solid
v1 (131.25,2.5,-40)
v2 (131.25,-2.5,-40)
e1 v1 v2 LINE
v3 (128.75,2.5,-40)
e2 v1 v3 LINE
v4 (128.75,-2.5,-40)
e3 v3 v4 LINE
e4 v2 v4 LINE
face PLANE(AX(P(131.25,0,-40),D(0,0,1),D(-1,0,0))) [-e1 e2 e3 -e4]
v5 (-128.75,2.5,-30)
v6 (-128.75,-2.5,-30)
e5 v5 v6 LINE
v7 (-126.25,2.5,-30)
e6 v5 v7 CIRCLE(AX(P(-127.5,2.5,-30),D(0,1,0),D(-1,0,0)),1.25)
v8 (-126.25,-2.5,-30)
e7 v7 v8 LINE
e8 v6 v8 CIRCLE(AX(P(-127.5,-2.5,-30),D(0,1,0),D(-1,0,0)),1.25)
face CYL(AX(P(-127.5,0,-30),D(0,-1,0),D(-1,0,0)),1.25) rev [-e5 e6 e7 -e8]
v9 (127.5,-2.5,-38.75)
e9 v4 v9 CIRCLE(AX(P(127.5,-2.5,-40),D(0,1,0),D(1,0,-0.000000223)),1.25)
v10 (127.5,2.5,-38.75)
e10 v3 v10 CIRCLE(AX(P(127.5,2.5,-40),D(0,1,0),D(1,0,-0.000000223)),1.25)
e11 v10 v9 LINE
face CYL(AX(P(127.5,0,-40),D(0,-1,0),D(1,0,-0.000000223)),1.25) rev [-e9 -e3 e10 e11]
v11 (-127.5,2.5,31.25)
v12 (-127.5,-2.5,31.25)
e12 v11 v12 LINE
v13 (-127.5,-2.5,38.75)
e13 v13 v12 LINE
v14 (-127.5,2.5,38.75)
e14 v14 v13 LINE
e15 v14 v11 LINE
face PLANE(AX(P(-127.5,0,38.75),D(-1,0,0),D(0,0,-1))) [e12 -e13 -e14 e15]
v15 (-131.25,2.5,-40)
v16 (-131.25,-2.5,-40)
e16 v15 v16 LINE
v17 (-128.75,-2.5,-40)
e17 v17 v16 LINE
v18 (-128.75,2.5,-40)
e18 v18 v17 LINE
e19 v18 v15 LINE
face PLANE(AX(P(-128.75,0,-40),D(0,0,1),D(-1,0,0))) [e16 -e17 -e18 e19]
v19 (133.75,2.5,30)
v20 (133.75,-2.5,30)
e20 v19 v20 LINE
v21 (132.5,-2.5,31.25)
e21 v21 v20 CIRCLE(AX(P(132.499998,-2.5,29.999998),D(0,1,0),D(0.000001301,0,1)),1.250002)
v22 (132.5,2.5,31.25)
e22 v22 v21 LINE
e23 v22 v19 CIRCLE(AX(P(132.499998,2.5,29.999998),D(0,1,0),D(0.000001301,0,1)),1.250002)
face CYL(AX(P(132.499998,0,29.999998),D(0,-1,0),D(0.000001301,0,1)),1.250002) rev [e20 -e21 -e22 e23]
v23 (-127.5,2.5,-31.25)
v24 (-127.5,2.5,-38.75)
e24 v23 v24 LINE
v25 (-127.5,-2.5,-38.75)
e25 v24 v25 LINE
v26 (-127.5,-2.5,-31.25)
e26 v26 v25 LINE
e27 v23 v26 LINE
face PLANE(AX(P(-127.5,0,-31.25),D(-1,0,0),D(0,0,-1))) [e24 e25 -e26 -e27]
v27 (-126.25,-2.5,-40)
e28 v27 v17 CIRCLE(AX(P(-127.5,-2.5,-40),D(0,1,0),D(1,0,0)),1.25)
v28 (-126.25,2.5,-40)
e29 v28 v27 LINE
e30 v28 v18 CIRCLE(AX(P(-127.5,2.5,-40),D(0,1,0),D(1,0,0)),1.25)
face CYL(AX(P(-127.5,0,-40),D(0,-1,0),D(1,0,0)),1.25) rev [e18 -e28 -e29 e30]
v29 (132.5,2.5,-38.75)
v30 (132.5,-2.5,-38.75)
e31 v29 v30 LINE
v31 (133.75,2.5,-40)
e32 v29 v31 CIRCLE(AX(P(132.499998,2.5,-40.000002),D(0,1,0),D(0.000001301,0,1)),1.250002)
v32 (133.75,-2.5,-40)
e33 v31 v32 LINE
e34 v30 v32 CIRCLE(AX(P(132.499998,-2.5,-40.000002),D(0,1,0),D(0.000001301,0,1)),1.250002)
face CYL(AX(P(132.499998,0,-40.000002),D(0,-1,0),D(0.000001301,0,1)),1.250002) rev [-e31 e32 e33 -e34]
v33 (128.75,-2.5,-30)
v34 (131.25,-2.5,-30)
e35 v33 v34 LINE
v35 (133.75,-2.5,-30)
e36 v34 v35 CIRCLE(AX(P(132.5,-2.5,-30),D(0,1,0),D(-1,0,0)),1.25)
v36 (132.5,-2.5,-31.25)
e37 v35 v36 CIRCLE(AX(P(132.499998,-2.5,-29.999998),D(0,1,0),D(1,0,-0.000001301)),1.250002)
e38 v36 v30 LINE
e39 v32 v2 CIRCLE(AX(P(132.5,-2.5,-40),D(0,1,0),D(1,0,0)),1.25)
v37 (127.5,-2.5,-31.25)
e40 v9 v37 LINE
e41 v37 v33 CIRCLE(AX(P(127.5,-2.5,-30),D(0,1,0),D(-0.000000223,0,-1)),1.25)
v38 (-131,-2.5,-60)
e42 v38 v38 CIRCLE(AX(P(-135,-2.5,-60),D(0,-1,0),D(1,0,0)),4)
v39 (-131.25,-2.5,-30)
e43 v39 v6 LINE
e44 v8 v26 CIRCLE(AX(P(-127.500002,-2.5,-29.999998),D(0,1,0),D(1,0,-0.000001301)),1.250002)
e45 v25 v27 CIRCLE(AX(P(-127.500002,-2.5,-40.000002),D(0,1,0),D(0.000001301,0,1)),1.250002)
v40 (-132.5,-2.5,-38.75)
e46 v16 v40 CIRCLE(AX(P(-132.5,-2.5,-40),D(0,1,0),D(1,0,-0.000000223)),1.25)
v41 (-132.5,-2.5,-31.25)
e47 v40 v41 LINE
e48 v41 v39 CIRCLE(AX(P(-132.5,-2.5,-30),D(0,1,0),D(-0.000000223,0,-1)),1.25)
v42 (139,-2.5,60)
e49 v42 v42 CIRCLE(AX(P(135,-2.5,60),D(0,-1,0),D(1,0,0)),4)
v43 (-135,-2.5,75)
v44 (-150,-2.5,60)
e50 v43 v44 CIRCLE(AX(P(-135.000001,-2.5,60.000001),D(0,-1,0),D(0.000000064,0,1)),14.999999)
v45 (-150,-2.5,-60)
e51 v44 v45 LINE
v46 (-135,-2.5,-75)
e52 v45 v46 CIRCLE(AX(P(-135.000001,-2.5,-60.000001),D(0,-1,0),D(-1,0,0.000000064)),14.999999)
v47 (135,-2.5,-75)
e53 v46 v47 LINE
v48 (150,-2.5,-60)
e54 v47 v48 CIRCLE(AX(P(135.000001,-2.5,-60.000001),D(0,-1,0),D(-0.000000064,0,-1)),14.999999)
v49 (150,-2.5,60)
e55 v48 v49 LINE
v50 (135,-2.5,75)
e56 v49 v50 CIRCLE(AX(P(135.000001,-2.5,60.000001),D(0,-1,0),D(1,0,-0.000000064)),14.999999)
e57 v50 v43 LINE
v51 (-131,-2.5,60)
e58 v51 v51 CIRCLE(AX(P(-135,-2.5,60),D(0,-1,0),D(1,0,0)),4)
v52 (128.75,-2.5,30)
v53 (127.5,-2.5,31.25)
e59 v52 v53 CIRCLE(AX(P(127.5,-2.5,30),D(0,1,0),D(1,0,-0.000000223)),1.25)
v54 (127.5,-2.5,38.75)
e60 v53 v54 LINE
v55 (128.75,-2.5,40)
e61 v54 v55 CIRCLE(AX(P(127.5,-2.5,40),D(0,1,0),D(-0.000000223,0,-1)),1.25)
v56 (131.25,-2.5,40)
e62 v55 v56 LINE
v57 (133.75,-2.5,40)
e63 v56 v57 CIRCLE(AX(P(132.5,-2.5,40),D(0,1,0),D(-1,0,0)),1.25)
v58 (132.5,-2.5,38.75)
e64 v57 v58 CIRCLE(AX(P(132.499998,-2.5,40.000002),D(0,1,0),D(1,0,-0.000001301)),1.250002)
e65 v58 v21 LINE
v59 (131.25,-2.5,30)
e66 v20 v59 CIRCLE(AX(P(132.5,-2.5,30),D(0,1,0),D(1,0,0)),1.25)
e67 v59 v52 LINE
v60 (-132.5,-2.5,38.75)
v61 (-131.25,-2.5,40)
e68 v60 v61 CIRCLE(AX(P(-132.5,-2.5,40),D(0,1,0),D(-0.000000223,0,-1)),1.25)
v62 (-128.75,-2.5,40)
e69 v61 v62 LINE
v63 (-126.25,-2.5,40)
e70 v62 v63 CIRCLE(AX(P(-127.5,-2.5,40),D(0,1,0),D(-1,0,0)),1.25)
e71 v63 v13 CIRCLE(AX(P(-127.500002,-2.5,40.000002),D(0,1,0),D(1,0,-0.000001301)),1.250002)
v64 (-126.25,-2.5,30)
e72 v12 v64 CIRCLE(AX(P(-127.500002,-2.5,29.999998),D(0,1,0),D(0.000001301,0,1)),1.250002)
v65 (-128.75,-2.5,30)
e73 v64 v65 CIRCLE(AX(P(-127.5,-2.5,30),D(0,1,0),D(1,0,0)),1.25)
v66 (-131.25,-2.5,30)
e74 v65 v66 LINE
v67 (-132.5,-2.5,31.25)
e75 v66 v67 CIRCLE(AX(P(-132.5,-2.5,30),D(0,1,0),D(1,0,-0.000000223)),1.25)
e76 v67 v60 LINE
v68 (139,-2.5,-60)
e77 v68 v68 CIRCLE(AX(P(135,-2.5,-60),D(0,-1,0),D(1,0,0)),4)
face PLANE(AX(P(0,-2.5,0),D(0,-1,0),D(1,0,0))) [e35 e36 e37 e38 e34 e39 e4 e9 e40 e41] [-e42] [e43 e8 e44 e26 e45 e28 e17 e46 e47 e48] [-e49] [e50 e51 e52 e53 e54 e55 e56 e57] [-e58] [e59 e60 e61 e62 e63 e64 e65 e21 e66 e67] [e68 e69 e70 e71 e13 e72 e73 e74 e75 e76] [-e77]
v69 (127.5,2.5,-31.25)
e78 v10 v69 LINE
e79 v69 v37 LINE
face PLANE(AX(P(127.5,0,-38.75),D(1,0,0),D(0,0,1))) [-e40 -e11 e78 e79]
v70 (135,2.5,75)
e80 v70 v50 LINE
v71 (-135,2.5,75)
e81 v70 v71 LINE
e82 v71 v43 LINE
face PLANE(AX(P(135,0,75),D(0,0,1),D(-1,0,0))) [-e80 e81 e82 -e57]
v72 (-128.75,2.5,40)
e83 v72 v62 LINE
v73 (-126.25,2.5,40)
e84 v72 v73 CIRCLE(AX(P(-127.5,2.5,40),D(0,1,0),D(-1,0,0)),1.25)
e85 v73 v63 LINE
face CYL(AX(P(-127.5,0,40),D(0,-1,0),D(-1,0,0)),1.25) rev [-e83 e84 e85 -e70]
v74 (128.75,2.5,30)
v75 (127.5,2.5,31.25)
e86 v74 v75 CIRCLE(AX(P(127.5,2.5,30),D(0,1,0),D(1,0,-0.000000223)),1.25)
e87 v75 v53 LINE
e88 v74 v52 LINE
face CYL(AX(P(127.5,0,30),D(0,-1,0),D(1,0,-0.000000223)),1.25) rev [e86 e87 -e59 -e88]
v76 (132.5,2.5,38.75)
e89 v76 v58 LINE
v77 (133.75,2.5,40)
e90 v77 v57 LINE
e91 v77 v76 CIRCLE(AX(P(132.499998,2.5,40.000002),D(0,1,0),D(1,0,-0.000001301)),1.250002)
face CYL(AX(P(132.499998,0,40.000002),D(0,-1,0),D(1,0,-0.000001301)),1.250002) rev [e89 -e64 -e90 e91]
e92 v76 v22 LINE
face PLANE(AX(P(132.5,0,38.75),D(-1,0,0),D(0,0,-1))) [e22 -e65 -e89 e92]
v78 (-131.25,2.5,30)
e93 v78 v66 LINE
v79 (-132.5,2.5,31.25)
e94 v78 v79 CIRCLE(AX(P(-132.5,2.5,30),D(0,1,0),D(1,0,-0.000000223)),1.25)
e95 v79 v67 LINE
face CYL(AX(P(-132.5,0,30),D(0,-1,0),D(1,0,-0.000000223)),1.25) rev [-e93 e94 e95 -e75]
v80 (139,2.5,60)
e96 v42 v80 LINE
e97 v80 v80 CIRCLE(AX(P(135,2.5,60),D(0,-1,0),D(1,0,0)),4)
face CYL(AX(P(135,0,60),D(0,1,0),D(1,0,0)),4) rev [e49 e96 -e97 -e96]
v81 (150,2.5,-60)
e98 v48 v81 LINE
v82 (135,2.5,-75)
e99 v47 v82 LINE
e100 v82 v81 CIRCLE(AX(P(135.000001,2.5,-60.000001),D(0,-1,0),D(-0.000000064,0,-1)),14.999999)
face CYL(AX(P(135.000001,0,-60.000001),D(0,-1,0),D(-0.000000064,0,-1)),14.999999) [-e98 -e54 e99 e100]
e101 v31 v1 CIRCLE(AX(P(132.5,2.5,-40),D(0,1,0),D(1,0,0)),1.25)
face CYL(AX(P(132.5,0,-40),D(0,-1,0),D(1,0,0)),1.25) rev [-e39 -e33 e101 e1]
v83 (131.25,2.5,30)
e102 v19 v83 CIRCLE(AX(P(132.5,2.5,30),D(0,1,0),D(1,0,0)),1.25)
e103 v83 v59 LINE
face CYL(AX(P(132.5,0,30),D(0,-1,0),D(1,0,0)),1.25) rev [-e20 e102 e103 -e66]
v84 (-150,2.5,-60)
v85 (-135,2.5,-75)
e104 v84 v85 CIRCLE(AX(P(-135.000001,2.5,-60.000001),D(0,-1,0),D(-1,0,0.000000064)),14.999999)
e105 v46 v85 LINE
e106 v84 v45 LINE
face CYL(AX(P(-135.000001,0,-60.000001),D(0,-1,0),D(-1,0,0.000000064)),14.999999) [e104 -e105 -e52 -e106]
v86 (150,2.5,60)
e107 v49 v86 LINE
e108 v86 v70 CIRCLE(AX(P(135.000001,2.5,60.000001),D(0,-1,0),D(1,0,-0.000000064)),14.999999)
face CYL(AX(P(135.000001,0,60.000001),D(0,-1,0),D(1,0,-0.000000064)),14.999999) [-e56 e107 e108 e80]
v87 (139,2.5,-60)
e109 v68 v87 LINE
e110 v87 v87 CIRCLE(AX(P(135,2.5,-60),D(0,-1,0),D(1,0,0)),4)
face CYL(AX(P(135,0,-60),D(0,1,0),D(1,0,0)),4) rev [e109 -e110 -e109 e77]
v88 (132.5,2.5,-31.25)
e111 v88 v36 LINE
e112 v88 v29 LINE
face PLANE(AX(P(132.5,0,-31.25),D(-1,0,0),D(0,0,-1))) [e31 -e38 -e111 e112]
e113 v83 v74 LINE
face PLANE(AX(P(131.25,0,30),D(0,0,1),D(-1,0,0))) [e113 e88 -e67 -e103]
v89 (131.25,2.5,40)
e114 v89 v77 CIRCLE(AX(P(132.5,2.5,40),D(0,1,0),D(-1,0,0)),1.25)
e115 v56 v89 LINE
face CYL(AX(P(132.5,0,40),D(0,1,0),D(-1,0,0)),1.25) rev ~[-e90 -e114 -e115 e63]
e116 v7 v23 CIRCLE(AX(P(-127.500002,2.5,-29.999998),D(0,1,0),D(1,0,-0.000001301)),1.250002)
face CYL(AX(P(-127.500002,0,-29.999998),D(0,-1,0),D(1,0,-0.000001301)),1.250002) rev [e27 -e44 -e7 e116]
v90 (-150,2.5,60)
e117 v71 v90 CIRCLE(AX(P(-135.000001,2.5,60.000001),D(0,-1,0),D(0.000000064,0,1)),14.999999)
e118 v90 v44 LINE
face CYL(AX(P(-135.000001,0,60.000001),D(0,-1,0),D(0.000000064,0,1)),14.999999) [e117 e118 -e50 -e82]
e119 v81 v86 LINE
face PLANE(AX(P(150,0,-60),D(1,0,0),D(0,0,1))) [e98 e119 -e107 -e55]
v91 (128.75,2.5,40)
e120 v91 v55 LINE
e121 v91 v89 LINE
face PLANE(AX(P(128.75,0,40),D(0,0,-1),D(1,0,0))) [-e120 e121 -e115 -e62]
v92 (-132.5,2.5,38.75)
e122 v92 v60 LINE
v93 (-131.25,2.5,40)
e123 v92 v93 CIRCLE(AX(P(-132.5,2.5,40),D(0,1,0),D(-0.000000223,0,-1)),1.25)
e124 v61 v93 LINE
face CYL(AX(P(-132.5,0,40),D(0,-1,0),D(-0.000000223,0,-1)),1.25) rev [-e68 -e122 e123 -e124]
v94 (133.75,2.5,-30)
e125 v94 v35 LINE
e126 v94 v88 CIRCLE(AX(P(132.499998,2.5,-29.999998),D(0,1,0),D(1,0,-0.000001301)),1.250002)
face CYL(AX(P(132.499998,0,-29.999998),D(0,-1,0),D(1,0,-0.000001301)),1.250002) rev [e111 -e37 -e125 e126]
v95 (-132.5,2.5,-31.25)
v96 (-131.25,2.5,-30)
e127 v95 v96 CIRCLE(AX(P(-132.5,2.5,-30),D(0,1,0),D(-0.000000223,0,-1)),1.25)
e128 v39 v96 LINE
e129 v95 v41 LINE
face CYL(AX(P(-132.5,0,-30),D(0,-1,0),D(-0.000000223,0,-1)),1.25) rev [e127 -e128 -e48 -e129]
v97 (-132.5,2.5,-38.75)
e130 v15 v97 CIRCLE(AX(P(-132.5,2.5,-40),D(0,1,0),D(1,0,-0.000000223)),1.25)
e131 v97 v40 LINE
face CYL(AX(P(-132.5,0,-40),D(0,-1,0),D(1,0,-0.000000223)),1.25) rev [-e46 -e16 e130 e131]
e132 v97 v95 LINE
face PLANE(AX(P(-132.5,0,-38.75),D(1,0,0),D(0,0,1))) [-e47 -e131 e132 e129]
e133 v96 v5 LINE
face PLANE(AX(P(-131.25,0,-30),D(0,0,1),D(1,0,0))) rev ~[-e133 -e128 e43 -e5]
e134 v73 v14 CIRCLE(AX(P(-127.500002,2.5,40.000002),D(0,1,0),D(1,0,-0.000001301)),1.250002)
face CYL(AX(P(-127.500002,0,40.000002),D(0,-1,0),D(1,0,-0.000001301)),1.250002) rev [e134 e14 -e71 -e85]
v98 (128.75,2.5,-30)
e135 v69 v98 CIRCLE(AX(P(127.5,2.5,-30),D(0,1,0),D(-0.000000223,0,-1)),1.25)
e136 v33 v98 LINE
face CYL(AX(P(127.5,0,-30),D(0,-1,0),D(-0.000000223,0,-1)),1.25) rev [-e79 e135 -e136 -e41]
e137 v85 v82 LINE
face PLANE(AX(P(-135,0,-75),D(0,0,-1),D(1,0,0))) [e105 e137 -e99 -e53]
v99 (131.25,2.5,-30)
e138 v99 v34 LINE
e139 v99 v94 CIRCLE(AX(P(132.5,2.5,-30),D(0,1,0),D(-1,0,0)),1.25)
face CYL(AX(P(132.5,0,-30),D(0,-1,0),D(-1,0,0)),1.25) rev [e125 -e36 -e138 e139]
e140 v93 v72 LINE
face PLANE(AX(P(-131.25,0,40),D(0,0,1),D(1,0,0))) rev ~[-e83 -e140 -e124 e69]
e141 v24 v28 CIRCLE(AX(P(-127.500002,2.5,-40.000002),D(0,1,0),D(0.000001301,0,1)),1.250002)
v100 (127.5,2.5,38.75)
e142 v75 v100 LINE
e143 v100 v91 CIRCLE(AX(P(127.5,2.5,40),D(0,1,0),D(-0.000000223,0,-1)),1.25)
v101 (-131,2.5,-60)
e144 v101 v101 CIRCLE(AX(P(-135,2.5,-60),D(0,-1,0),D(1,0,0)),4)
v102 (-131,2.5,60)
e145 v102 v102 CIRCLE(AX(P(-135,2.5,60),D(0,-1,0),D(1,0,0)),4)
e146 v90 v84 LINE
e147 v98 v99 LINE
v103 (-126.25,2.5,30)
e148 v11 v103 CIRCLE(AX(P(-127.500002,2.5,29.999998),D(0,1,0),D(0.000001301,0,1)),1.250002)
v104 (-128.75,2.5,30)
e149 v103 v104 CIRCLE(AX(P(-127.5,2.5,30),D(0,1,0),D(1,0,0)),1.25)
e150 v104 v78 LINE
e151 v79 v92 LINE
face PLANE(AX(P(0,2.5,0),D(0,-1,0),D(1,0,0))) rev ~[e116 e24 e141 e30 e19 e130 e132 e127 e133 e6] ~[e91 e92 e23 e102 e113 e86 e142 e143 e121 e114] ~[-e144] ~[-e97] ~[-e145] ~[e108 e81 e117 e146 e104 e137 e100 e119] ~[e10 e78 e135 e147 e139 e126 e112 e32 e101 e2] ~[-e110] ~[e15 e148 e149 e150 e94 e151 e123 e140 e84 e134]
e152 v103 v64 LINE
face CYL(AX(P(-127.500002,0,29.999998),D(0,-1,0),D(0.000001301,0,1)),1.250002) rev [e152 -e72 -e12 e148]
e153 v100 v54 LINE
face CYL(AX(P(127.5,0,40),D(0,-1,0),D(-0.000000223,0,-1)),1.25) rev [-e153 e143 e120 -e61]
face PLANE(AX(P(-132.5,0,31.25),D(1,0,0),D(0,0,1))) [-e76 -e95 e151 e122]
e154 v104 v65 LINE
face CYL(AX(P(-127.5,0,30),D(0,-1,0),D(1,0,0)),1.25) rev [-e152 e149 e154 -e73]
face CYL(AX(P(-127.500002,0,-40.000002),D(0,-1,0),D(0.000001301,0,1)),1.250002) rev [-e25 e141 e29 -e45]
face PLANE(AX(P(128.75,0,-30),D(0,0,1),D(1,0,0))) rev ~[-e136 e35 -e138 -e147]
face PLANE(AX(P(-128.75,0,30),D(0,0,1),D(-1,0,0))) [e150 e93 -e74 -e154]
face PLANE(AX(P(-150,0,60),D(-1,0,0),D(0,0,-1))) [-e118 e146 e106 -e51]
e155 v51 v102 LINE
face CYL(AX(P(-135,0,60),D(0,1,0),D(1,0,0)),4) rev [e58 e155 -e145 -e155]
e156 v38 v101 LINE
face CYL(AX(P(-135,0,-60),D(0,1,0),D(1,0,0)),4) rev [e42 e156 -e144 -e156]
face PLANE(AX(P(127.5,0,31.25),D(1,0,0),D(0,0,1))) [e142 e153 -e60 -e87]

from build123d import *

# Parameters (mm, degrees)
F0_R     = 4
F1_DEPTH = 2.5


with BuildPart() as f1:
    # F0 (on Front) → F1 (new body, symmetric)
    with BuildSketch(Plane.XZ):
        with BuildLine():
            ThreePointArc((150, 60), (145.606602, 70.606602), (135, 75))
            Line((135, 75), (-135, 75))
            ThreePointArc((-135, 75), (-145.606602, 70.606602), (-150, 60))
            Line((-150, 60), (-150, -60))
            ThreePointArc((-150, -60), (-145.606602, -70.606602), (-135, -75))
            Line((-135, -75), (135, -75))
            ThreePointArc((135, -75), (145.606602, -70.606602), (150, -60))
            Line((150, -60), (150, 60))
        make_face()
        with Locations((-135, -60)):
            Circle(F0_R, mode=Mode.SUBTRACT)
        with BuildLine():
            Line((-128.75, -40), (-131.25, -40))
            ThreePointArc((-131.25, -40), (-133.383883, -40.883883), (-132.5, -38.75))
            Line((-132.5, -38.75), (-132.5, -31.25))
            ThreePointArc((-132.5, -31.25), (-133.383883, -29.116117), (-131.25, -30))
            Line((-131.25, -30), (-128.75, -30))
            ThreePointArc((-128.75, -30), (-127.5, -28.75), (-126.25, -30))
            ThreePointArc((-126.25, -30), (-126.616117, -30.883883), (-127.5, -31.25))
            Line((-127.5, -31.25), (-127.5, -38.75))
            ThreePointArc((-127.5, -38.75), (-126.616117, -39.116117), (-126.25, -40))
            ThreePointArc((-126.25, -40), (-127.5, -41.25), (-128.75, -40))
        make_face(mode=Mode.SUBTRACT)
        with Locations((135, -60)):
            Circle(F0_R, mode=Mode.SUBTRACT)
        with BuildLine():
            Line((131.25, -40), (128.75, -40))
            ThreePointArc((128.75, -40), (126.616117, -40.883883), (127.5, -38.75))
            Line((127.5, -38.75), (127.5, -31.25))
            ThreePointArc((127.5, -31.25), (126.616117, -29.116117), (128.75, -30))
            Line((128.75, -30), (131.25, -30))
            ThreePointArc((131.25, -30), (132.5, -28.75), (133.75, -30))
            ThreePointArc((133.75, -30), (133.383883, -30.883883), (132.5, -31.25))
            Line((132.5, -31.25), (132.5, -38.75))
            ThreePointArc((132.5, -38.75), (133.383883, -39.116117), (133.75, -40))
            ThreePointArc((133.75, -40), (132.5, -41.25), (131.25, -40))
        make_face(mode=Mode.SUBTRACT)
        with BuildLine():
            Line((-128.75, 30), (-131.25, 30))
            ThreePointArc((-131.25, 30), (-133.383883, 29.116117), (-132.5, 31.25))
            Line((-132.5, 31.25), (-132.5, 38.75))
            ThreePointArc((-132.5, 38.75), (-133.383883, 40.883883), (-131.25, 40))
            Line((-131.25, 40), (-128.75, 40))
            ThreePointArc((-128.75, 40), (-127.5, 41.25), (-126.25, 40))
            ThreePointArc((-126.25, 40), (-126.616117, 39.116117), (-127.5, 38.75))
            Line((-127.5, 38.75), (-127.5, 31.25))
            ThreePointArc((-127.5, 31.25), (-126.616117, 30.883883), (-126.25, 30))
            ThreePointArc((-126.25, 30), (-127.5, 28.75), (-128.75, 30))
        make_face(mode=Mode.SUBTRACT)
        with Locations((-135, 60)):
            Circle(F0_R, mode=Mode.SUBTRACT)
        with BuildLine():
            ThreePointArc((128.75, 30), (126.616117, 29.116117), (127.5, 31.25))
            Line((127.5, 31.25), (127.5, 38.75))
            ThreePointArc((127.5, 38.75), (126.616117, 40.883883), (128.75, 40))
            Line((128.75, 40), (131.25, 40))
            ThreePointArc((131.25, 40), (132.5, 41.25), (133.75, 40))
            ThreePointArc((133.75, 40), (133.383883, 39.116117), (132.5, 38.75))
            Line((132.5, 38.75), (132.5, 31.25))
            ThreePointArc((132.5, 31.25), (133.383883, 30.883883), (133.75, 30))
            ThreePointArc((133.75, 30), (132.5, 28.75), (131.25, 30))
            Line((131.25, 30), (128.75, 30))
        make_face(mode=Mode.SUBTRACT)
        with Locations((135, 60)):
            Circle(F0_R, mode=Mode.SUBTRACT)
    extrude(amount=F1_DEPTH, both=True)


solid = f1.part
